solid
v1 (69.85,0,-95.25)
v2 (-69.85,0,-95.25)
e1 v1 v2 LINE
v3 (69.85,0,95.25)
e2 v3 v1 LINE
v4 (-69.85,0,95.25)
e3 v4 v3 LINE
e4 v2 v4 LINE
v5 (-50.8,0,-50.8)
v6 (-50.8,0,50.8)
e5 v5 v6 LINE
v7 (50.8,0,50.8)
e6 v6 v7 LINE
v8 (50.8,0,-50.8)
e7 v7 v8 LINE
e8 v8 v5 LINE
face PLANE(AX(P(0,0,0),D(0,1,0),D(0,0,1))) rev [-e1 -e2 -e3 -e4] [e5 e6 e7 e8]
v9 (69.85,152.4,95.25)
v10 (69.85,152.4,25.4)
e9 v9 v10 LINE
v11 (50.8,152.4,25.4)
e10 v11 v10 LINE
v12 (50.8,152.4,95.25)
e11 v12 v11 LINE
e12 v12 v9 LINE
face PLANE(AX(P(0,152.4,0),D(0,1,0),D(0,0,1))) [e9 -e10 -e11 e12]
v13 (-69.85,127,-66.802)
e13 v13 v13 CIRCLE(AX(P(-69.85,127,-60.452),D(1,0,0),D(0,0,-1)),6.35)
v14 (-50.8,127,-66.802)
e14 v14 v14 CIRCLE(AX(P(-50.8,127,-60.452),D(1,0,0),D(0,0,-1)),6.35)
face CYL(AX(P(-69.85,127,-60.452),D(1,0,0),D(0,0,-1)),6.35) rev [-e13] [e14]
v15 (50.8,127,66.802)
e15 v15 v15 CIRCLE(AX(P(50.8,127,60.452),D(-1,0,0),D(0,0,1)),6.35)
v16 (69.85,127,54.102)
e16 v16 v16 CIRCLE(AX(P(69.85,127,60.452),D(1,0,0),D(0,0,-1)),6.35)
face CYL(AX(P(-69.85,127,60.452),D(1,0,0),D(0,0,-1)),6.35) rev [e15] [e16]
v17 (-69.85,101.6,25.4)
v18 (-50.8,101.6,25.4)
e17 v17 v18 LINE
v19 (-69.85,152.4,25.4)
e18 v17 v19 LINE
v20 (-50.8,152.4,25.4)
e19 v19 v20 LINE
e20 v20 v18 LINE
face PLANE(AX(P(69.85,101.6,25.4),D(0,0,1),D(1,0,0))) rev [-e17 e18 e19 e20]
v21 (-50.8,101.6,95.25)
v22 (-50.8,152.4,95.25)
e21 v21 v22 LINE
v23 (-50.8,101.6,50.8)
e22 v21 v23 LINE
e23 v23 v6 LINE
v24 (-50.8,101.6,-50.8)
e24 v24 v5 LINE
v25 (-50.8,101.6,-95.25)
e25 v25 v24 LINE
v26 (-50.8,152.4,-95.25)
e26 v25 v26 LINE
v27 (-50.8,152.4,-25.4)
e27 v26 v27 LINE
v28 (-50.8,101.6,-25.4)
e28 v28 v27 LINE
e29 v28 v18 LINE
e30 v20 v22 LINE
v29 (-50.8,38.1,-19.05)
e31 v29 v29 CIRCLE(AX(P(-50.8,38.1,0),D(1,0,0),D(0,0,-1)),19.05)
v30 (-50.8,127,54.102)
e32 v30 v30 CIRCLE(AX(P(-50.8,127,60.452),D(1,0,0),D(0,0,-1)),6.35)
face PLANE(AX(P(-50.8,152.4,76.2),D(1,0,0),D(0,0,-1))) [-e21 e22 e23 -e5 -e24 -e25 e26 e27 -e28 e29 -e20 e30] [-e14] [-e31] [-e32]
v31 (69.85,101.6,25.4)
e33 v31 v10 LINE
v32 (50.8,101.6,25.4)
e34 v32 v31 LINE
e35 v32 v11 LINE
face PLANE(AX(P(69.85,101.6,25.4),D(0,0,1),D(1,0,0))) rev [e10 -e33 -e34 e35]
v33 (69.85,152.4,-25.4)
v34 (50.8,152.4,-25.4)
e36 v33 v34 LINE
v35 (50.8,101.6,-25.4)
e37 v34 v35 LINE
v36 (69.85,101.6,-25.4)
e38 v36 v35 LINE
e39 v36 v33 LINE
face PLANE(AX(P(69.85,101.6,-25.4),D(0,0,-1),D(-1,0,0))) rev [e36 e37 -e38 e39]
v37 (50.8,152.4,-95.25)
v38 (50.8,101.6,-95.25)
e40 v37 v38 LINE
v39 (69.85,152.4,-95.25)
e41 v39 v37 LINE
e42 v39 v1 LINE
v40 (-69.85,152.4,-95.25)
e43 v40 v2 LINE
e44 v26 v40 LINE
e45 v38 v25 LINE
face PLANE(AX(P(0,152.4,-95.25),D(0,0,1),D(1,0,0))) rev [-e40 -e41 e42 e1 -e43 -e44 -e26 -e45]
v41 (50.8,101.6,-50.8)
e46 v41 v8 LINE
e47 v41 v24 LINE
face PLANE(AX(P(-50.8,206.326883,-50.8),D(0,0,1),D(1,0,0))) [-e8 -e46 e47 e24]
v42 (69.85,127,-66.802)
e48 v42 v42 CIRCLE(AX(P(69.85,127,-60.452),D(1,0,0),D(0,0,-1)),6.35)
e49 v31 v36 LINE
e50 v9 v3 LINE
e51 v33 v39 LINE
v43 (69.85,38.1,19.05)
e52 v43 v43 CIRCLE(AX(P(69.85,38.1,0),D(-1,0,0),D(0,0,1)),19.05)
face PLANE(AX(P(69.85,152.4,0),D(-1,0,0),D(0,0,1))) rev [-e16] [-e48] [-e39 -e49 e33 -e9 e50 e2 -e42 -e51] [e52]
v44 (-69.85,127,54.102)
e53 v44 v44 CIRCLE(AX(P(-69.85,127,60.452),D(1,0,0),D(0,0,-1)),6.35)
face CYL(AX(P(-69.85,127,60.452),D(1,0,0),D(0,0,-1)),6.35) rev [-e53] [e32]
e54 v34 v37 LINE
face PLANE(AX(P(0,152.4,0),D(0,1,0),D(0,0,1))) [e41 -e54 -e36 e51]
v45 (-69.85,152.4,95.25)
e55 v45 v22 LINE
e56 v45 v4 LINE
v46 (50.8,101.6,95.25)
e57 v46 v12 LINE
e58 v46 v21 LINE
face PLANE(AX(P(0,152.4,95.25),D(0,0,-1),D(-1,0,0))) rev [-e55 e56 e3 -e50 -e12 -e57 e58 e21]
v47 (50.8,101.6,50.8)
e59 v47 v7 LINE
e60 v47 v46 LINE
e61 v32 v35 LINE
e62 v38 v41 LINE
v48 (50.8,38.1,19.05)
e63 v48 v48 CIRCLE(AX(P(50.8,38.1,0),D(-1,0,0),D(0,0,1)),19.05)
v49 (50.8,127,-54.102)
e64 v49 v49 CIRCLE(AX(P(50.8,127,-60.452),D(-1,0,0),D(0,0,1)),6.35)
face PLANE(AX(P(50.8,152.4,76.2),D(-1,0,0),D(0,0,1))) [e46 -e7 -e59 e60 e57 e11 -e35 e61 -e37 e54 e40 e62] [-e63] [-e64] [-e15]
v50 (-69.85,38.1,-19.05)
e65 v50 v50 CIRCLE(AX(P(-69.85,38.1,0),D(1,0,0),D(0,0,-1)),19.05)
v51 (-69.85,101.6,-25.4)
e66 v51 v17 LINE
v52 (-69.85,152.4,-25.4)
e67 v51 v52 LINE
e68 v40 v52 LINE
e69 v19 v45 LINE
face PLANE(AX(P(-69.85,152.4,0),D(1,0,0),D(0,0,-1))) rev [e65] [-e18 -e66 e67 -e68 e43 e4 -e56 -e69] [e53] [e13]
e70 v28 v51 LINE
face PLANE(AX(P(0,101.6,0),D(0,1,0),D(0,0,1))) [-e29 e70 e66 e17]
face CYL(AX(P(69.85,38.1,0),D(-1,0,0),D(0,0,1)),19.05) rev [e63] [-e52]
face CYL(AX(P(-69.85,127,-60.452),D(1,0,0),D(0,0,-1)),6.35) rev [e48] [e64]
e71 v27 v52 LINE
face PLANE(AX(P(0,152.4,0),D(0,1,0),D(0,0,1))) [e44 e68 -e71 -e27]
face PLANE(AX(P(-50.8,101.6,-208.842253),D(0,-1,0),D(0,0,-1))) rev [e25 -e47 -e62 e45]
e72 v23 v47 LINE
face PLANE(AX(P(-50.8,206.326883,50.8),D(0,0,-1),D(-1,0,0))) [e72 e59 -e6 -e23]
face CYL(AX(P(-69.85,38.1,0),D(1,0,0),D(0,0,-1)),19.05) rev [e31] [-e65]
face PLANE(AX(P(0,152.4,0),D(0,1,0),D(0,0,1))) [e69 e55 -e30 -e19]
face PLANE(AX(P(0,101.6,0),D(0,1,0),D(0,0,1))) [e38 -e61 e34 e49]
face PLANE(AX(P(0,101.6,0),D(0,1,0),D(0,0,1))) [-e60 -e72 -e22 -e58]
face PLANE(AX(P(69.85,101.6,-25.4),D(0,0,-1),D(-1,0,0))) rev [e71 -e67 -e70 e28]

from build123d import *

# Parameters (mm, degrees)
SKETCH1_W               = 139.7
SKETCH1_H               = 190.5
SKETCH1_W_2             = 101.6
SKETCH1_H_2             = 152.4
EXTRUDE_THIN1_DEPTH     = 152.4
CUT_EXTRUDE1_START      = -50.8
SKETCH2_W               = 101.6
SKETCH2_H               = 19.05
CUT_EXTRUDE1_DEPTH      = 50.8
SKETCH5_W               = 101.6
SKETCH5_H               = 50.8
CUT_EXTRUDE5_DEPTH      = 190.5
CUT_EXTRUDE6_DEPTH      = 228.627793777
CUT_EXTRUDE6_DEPTH_BACK = 228.627793777
SKETCH6_R               = 19.05
SKETCH7_R               = 6.35
CUT_EXTRUDE8_DEPTH      = 228.627793777
CUT_EXTRUDE2_START      = -101.6
SKETCH3_W               = 19.05
SKETCH3_H               = 127
CUT_EXTRUDE2_DEPTH      = 101.6
SKETCH4_W               = 367.241731945
SKETCH4_H               = 189.529563026
CUT_EXTRUDE4_DEPTH      = 142.24
SKETCH8_W               = 171.45
SKETCH8_H               = 101.6
BOSS_EXTRUDE1_DEPTH     = 19.05
CUT_EXTRUDE9_DEPTH      = 228.627793777
CUT_EXTRUDE9_DEPTH_BACK = 228.627793777
SKETCH9_R               = 19.05
SKETCH10_W              = 101.6
SKETCH10_H              = 25.4
BOSS_EXTRUDE2_DEPTH     = 101.6
SKETCH11_W              = 139.7
SKETCH11_H              = 50.8
CUT_EXTRUDE10_DEPTH     = 50.8


with BuildPart() as part:
    # Sketch1 → Extrude-Thin1 (new body)
    with BuildSketch(Plane(origin=(0, 0, 0), x_dir=(1, 0, 0), z_dir=(0, 1, 0))):
        Rectangle(SKETCH1_W, SKETCH1_H)
        Rectangle(SKETCH1_W_2, SKETCH1_H_2, mode=Mode.SUBTRACT)
    extrude(amount=EXTRUDE_THIN1_DEPTH)

    # Sketch2 → Cut-Extrude1 (cut)
    with BuildSketch(Plane(origin=(0, 152.4, 0), x_dir=(1, 0, 0), z_dir=(0, 1, 0)).offset(CUT_EXTRUDE1_START)):
        with Locations((0, -85.725)):
            Rectangle(SKETCH2_W, SKETCH2_H)
    extrude(amount=CUT_EXTRUDE1_DEPTH, mode=Mode.SUBTRACT)

    # Sketch5 → Cut-Extrude5 (cut)
    with BuildSketch(Plane.XY.offset(95.25)):
        with Locations((0, 127)):
            Rectangle(SKETCH5_W, SKETCH5_H)
    extrude(amount=-CUT_EXTRUDE5_DEPTH, mode=Mode.SUBTRACT)

    # Sketch6 → Cut-Extrude6 (cut, two sides: drawn at the far end of the back side and taken through both)
    with BuildSketch(Plane.ZY.offset(69.85).offset(-CUT_EXTRUDE6_DEPTH_BACK)):
        with Locations(Location((0, 38.1, 0), (0, 0, 180))):
            Circle(SKETCH6_R)
    extrude(amount=CUT_EXTRUDE6_DEPTH + CUT_EXTRUDE6_DEPTH_BACK, mode=Mode.SUBTRACT)

    # Sketch7 → Cut-Extrude8 (cut, through all)
    with BuildSketch(Plane(origin=(69.85, 0, 0), x_dir=(0, 0, -1), z_dir=(1, 0, 0))):
        with Locations((-60.452, 127)):
            Circle(SKETCH7_R)
        with Locations((60.452, 127)):
            Circle(SKETCH7_R)
    extrude(amount=-CUT_EXTRUDE8_DEPTH, mode=Mode.SUBTRACT)

    # Sketch3 → Cut-Extrude2 (cut)
    with BuildSketch(Plane.XZ.offset(CUT_EXTRUDE2_START)):
        with Locations((-60.325, 12.7)):
            Rectangle(SKETCH3_W, SKETCH3_H)
    extrude(amount=CUT_EXTRUDE2_DEPTH, mode=Mode.SUBTRACT)


with BuildPart() as body_2:
    # Mirror2: mirrored copy
    add(part.part.mirror(Plane(origin=(72.39, 0, 0), x_dir=(0, 0, 1), z_dir=(1, 0, 0))))

    # Sketch4 → Cut-Extrude4 (cut)
    with BuildSketch(Plane(origin=(72.39, 0, 0), x_dir=(0, 0, -1), z_dir=(1, 0, 0))):
        with Locations((39.035224398, 57.635218487)):
            Rectangle(SKETCH4_W, SKETCH4_H)
    extrude(amount=CUT_EXTRUDE4_DEPTH, mode=Mode.SUBTRACT)


with BuildPart() as part_1:
    add(part.part)

    # Sketch8 → Boss-Extrude1 (add)
    with BuildSketch(Plane.ZY.offset(69.85)):
        with Locations((-9.525, 50.8)):
            Rectangle(SKETCH8_W, SKETCH8_H)
    extrude(amount=-BOSS_EXTRUDE1_DEPTH)

    # Sketch9 → Cut-Extrude9 (cut, two sides: drawn at the far end of the back side and taken through both)
    with BuildSketch(Plane(origin=(69.85, 0, 0), x_dir=(0, 0, -1), z_dir=(1, 0, 0)).offset(-CUT_EXTRUDE9_DEPTH_BACK)):
        with Locations(Location((0, 38.1, 0), (0, 0, 180))):
            Circle(SKETCH9_R)
    extrude(amount=CUT_EXTRUDE9_DEPTH + CUT_EXTRUDE9_DEPTH_BACK, mode=Mode.SUBTRACT)

    # Sketch10 → Boss-Extrude2 (add)
    with BuildSketch(Plane.XZ):
        with Locations((0, -63.5)):
            Rectangle(SKETCH10_W, SKETCH10_H)
        with Locations((0, 63.5)):
            Rectangle(SKETCH10_W, SKETCH10_H)
    extrude(amount=-BOSS_EXTRUDE2_DEPTH)

    # Sketch11 → Cut-Extrude10 (cut)
    with BuildSketch(Plane(origin=(0, 152.4, 0), x_dir=(1, 0, 0), z_dir=(0, 1, 0))):
        Rectangle(SKETCH11_W, SKETCH11_H)
    extrude(amount=-CUT_EXTRUDE10_DEPTH, mode=Mode.SUBTRACT)


solid = part_1.part
